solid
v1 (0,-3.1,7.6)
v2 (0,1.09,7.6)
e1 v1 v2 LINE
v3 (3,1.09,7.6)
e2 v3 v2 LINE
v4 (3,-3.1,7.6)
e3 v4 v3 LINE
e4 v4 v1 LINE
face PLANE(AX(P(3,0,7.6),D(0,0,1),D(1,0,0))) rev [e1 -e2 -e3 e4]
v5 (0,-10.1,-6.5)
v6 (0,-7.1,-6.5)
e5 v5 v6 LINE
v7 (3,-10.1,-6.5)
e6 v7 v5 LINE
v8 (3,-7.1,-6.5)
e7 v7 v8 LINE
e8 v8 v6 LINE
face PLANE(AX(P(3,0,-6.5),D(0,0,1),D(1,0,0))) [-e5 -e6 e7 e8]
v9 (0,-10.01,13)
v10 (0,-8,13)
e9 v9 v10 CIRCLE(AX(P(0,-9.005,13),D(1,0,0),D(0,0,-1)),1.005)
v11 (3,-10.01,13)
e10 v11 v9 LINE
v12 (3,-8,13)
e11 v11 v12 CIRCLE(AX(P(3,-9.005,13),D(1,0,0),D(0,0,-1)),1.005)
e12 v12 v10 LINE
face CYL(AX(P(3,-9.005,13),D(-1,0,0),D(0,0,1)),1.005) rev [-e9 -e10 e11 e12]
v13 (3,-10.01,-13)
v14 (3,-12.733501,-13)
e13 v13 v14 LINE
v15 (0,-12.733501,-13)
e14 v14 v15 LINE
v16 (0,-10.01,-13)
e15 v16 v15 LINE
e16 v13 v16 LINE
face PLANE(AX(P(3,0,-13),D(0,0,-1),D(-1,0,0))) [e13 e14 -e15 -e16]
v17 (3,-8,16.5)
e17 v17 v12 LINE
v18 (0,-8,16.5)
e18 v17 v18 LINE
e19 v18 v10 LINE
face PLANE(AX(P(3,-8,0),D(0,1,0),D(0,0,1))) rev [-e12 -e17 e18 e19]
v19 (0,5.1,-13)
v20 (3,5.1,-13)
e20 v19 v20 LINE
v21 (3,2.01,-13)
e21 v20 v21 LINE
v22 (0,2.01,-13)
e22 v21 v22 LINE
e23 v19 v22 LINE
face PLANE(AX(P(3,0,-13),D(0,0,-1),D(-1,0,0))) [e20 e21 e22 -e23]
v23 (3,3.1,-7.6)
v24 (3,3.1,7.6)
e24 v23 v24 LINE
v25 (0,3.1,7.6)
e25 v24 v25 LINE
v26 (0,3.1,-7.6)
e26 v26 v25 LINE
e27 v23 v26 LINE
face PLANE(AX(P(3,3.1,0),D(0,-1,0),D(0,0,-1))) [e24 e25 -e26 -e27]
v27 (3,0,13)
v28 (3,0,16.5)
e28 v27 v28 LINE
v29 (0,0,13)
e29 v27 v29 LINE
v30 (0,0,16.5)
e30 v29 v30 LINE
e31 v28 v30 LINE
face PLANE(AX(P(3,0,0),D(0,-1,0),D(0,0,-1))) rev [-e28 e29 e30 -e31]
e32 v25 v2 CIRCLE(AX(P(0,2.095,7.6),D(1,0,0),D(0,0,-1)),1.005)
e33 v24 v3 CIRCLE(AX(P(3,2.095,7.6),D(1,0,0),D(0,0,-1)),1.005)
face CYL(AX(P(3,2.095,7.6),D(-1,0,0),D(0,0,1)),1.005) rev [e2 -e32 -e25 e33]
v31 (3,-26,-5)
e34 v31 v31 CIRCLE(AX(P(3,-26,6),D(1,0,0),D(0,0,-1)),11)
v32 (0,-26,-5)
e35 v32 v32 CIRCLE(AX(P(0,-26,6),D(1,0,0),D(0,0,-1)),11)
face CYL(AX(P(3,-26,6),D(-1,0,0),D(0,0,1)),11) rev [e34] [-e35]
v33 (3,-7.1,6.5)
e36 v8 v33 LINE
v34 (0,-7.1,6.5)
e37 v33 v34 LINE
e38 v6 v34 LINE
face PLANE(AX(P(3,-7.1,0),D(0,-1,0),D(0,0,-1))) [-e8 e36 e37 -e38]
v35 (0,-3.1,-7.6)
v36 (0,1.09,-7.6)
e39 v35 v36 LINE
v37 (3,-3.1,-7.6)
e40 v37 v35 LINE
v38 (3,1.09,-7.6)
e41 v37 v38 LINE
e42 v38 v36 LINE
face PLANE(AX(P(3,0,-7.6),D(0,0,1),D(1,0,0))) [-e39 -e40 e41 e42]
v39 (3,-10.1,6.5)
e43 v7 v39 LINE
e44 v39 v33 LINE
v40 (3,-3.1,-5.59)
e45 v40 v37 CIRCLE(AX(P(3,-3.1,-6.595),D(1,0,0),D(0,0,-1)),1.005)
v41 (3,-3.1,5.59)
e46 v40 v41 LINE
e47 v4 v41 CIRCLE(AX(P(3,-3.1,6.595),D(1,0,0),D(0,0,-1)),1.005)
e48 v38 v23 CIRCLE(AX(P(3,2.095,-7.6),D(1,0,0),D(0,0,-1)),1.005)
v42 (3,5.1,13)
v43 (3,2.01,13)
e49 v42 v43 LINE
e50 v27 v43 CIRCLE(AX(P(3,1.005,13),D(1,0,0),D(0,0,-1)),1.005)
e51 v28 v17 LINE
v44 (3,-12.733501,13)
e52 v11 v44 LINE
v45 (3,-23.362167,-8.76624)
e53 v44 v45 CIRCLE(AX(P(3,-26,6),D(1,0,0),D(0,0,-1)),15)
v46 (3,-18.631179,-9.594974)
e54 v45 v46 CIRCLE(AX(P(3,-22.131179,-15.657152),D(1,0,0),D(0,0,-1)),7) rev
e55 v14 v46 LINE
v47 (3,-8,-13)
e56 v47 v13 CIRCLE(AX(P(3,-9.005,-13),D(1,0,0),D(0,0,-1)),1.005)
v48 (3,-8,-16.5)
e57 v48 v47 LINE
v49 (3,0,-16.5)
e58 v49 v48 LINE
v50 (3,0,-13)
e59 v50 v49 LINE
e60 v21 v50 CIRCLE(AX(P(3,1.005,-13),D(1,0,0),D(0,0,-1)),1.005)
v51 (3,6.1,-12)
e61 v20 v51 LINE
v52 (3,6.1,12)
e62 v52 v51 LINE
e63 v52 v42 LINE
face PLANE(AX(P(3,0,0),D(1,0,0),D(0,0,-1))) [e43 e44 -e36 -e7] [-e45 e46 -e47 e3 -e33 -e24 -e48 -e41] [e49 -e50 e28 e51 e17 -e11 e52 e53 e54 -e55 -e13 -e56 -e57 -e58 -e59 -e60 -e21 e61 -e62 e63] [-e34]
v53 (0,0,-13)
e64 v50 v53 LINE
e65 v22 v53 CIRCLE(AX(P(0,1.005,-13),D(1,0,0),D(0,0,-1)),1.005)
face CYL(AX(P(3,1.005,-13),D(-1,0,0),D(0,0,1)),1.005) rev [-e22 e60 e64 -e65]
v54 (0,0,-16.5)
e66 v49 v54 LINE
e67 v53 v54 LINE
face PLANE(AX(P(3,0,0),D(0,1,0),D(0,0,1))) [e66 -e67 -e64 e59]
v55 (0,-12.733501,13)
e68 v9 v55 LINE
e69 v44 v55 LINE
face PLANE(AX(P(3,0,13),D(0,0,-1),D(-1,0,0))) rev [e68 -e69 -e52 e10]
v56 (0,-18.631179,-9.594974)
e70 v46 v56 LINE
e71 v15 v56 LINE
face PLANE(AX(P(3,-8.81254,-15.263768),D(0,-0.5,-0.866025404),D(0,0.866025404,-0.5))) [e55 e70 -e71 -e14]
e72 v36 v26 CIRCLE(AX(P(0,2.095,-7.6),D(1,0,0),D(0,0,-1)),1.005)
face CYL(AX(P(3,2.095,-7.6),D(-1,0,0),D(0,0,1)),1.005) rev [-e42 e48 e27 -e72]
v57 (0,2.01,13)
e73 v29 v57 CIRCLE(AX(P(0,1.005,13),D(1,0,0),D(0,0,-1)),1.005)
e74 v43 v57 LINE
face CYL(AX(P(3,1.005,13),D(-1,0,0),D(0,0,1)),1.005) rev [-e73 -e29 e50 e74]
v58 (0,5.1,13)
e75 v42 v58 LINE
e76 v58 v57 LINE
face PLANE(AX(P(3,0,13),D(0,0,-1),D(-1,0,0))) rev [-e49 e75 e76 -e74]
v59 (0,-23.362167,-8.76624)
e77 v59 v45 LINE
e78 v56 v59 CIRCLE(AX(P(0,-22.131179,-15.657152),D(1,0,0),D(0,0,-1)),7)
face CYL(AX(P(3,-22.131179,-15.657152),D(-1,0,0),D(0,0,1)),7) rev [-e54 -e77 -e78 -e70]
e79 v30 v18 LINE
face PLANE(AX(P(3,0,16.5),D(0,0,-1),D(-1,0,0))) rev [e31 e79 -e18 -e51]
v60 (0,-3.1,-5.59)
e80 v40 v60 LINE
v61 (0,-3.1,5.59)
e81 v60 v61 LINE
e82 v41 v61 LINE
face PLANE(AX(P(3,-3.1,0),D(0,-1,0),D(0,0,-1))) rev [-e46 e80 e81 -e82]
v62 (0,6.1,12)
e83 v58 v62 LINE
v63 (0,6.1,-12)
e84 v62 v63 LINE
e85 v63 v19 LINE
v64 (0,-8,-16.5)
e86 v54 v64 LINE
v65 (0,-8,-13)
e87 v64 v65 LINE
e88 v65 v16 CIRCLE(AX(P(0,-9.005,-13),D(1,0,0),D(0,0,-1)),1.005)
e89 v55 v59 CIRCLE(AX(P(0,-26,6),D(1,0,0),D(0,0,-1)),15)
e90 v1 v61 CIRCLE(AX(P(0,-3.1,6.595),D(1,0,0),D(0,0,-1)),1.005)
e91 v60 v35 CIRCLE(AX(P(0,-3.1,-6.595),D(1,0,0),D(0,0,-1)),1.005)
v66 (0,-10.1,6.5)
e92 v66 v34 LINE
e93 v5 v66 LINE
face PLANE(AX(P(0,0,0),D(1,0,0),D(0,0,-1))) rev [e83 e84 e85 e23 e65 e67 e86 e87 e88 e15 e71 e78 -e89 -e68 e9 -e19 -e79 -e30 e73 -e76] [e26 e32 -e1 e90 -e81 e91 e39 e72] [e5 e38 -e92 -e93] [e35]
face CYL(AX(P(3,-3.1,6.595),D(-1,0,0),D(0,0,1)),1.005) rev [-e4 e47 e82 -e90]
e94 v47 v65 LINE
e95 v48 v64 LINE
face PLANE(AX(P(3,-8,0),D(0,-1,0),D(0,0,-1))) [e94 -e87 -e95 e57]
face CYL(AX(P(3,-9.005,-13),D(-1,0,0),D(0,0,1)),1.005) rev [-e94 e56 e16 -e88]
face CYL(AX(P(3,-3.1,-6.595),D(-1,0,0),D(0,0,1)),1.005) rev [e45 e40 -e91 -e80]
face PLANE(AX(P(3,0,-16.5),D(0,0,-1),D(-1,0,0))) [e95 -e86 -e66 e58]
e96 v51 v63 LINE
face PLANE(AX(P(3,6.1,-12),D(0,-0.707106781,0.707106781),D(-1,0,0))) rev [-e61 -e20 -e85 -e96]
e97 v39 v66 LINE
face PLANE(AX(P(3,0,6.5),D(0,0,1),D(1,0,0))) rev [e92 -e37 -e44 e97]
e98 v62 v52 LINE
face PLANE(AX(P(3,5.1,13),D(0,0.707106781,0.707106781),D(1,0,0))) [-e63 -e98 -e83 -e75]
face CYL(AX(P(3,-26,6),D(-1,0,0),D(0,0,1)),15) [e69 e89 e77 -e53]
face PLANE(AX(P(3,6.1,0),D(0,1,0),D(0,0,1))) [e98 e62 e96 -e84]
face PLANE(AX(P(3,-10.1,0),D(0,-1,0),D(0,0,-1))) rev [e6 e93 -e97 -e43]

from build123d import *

# Parameters (mm, degrees)
SKETCH_1_R      = 11
SKETCH_1_W      = 13
SKETCH_1_H      = 3
EXTRUDE_1_DEPTH = 3
FILLET_1_R      = 7
CHAMFER_1_SIZE  = 1


with BuildPart() as part:
    # 草图1 → 凸台-拉伸1 (new body)
    with BuildSketch(Plane(origin=(0, 0, 0), x_dir=(0, 0, -1), z_dir=(1, 0, 0))):
        with BuildLine():
            Line((13, 6.1), (-13, 6.1))
            Line((-13, 6.1), (-13, 2.01))
            ThreePointArc((-13, 2.01), (-12.289357685, 1.715642315), (-11.995, 1.005))
            ThreePointArc((-11.995, 1.005), (-12.289357685, 0.294357685), (-13, 0))
            Line((-13, 0), (-16.5, 0))
            Line((-16.5, 0), (-16.5, -8))
            Line((-16.5, -8), (-13, -8))
            ThreePointArc((-13, -8), (-12.289357685, -8.294357685), (-11.995, -9.005))
            ThreePointArc((-11.995, -9.005), (-12.289357685, -9.715642315), (-13, -10.01))
            Line((-13, -10.01), (-13, -12.733500839))
            ThreePointArc((-13, -12.733500839), (-11.507561308, -39.952303338), (8.174286015, -21.091882644))
            Line((8.174286015, -21.091882644), (13, -12.733500839))
            Line((13, -12.733500839), (13, -10.01))
            ThreePointArc((13, -10.01), (11.995, -9.005), (13, -8))
            Line((13, -8), (16.5, -8))
            Line((16.5, -8), (16.5, 0))
            Line((16.5, 0), (13, 0))
            ThreePointArc((13, 0), (11.995, 1.005), (13, 2.01))
            Line((13, 2.01), (13, 6.1))
        make_face()
        with Locations((-6, -26)):
            Circle(SKETCH_1_R, mode=Mode.SUBTRACT)
        with Locations((0, -8.6)):
            Rectangle(SKETCH_1_W, SKETCH_1_H, mode=Mode.SUBTRACT)
        with BuildLine():
            Line((5.59, -3.1), (-5.59, -3.1))
            ThreePointArc((-5.59, -3.1), (-6.595, -4.105), (-7.6, -3.1))
            Line((-7.6, -3.1), (-7.6, 1.09))
            ThreePointArc((-7.6, 1.09), (-8.605, 2.095), (-7.6, 3.1))
            Line((-7.6, 3.1), (7.6, 3.1))
            ThreePointArc((7.6, 3.1), (8.310642315, 2.805642315), (8.605, 2.095))
            ThreePointArc((8.605, 2.095), (8.310642315, 1.384357685), (7.6, 1.09))
            Line((7.6, 1.09), (7.6, -3.1))
            ThreePointArc((7.6, -3.1), (6.595, -4.105), (5.59, -3.1))
        make_face(mode=Mode.SUBTRACT)
    extrude(amount=EXTRUDE_1_DEPTH)

    # 圆角1
    fillet_1_edges = [part.edges().sort_by_distance(p)[0] for p in [
        (1.5, -21.091882644, -8.174286015),
    ]]
    fillet(fillet_1_edges, radius=FILLET_1_R)

    # 倒角1
    chamfer_1_edges = [part.edges().sort_by_distance(p)[0] for p in [
        (1.5, 6.1, 13),
        (1.5, 6.1, -13),
    ]]
    chamfer(chamfer_1_edges, length=CHAMFER_1_SIZE)


solid = part.part
